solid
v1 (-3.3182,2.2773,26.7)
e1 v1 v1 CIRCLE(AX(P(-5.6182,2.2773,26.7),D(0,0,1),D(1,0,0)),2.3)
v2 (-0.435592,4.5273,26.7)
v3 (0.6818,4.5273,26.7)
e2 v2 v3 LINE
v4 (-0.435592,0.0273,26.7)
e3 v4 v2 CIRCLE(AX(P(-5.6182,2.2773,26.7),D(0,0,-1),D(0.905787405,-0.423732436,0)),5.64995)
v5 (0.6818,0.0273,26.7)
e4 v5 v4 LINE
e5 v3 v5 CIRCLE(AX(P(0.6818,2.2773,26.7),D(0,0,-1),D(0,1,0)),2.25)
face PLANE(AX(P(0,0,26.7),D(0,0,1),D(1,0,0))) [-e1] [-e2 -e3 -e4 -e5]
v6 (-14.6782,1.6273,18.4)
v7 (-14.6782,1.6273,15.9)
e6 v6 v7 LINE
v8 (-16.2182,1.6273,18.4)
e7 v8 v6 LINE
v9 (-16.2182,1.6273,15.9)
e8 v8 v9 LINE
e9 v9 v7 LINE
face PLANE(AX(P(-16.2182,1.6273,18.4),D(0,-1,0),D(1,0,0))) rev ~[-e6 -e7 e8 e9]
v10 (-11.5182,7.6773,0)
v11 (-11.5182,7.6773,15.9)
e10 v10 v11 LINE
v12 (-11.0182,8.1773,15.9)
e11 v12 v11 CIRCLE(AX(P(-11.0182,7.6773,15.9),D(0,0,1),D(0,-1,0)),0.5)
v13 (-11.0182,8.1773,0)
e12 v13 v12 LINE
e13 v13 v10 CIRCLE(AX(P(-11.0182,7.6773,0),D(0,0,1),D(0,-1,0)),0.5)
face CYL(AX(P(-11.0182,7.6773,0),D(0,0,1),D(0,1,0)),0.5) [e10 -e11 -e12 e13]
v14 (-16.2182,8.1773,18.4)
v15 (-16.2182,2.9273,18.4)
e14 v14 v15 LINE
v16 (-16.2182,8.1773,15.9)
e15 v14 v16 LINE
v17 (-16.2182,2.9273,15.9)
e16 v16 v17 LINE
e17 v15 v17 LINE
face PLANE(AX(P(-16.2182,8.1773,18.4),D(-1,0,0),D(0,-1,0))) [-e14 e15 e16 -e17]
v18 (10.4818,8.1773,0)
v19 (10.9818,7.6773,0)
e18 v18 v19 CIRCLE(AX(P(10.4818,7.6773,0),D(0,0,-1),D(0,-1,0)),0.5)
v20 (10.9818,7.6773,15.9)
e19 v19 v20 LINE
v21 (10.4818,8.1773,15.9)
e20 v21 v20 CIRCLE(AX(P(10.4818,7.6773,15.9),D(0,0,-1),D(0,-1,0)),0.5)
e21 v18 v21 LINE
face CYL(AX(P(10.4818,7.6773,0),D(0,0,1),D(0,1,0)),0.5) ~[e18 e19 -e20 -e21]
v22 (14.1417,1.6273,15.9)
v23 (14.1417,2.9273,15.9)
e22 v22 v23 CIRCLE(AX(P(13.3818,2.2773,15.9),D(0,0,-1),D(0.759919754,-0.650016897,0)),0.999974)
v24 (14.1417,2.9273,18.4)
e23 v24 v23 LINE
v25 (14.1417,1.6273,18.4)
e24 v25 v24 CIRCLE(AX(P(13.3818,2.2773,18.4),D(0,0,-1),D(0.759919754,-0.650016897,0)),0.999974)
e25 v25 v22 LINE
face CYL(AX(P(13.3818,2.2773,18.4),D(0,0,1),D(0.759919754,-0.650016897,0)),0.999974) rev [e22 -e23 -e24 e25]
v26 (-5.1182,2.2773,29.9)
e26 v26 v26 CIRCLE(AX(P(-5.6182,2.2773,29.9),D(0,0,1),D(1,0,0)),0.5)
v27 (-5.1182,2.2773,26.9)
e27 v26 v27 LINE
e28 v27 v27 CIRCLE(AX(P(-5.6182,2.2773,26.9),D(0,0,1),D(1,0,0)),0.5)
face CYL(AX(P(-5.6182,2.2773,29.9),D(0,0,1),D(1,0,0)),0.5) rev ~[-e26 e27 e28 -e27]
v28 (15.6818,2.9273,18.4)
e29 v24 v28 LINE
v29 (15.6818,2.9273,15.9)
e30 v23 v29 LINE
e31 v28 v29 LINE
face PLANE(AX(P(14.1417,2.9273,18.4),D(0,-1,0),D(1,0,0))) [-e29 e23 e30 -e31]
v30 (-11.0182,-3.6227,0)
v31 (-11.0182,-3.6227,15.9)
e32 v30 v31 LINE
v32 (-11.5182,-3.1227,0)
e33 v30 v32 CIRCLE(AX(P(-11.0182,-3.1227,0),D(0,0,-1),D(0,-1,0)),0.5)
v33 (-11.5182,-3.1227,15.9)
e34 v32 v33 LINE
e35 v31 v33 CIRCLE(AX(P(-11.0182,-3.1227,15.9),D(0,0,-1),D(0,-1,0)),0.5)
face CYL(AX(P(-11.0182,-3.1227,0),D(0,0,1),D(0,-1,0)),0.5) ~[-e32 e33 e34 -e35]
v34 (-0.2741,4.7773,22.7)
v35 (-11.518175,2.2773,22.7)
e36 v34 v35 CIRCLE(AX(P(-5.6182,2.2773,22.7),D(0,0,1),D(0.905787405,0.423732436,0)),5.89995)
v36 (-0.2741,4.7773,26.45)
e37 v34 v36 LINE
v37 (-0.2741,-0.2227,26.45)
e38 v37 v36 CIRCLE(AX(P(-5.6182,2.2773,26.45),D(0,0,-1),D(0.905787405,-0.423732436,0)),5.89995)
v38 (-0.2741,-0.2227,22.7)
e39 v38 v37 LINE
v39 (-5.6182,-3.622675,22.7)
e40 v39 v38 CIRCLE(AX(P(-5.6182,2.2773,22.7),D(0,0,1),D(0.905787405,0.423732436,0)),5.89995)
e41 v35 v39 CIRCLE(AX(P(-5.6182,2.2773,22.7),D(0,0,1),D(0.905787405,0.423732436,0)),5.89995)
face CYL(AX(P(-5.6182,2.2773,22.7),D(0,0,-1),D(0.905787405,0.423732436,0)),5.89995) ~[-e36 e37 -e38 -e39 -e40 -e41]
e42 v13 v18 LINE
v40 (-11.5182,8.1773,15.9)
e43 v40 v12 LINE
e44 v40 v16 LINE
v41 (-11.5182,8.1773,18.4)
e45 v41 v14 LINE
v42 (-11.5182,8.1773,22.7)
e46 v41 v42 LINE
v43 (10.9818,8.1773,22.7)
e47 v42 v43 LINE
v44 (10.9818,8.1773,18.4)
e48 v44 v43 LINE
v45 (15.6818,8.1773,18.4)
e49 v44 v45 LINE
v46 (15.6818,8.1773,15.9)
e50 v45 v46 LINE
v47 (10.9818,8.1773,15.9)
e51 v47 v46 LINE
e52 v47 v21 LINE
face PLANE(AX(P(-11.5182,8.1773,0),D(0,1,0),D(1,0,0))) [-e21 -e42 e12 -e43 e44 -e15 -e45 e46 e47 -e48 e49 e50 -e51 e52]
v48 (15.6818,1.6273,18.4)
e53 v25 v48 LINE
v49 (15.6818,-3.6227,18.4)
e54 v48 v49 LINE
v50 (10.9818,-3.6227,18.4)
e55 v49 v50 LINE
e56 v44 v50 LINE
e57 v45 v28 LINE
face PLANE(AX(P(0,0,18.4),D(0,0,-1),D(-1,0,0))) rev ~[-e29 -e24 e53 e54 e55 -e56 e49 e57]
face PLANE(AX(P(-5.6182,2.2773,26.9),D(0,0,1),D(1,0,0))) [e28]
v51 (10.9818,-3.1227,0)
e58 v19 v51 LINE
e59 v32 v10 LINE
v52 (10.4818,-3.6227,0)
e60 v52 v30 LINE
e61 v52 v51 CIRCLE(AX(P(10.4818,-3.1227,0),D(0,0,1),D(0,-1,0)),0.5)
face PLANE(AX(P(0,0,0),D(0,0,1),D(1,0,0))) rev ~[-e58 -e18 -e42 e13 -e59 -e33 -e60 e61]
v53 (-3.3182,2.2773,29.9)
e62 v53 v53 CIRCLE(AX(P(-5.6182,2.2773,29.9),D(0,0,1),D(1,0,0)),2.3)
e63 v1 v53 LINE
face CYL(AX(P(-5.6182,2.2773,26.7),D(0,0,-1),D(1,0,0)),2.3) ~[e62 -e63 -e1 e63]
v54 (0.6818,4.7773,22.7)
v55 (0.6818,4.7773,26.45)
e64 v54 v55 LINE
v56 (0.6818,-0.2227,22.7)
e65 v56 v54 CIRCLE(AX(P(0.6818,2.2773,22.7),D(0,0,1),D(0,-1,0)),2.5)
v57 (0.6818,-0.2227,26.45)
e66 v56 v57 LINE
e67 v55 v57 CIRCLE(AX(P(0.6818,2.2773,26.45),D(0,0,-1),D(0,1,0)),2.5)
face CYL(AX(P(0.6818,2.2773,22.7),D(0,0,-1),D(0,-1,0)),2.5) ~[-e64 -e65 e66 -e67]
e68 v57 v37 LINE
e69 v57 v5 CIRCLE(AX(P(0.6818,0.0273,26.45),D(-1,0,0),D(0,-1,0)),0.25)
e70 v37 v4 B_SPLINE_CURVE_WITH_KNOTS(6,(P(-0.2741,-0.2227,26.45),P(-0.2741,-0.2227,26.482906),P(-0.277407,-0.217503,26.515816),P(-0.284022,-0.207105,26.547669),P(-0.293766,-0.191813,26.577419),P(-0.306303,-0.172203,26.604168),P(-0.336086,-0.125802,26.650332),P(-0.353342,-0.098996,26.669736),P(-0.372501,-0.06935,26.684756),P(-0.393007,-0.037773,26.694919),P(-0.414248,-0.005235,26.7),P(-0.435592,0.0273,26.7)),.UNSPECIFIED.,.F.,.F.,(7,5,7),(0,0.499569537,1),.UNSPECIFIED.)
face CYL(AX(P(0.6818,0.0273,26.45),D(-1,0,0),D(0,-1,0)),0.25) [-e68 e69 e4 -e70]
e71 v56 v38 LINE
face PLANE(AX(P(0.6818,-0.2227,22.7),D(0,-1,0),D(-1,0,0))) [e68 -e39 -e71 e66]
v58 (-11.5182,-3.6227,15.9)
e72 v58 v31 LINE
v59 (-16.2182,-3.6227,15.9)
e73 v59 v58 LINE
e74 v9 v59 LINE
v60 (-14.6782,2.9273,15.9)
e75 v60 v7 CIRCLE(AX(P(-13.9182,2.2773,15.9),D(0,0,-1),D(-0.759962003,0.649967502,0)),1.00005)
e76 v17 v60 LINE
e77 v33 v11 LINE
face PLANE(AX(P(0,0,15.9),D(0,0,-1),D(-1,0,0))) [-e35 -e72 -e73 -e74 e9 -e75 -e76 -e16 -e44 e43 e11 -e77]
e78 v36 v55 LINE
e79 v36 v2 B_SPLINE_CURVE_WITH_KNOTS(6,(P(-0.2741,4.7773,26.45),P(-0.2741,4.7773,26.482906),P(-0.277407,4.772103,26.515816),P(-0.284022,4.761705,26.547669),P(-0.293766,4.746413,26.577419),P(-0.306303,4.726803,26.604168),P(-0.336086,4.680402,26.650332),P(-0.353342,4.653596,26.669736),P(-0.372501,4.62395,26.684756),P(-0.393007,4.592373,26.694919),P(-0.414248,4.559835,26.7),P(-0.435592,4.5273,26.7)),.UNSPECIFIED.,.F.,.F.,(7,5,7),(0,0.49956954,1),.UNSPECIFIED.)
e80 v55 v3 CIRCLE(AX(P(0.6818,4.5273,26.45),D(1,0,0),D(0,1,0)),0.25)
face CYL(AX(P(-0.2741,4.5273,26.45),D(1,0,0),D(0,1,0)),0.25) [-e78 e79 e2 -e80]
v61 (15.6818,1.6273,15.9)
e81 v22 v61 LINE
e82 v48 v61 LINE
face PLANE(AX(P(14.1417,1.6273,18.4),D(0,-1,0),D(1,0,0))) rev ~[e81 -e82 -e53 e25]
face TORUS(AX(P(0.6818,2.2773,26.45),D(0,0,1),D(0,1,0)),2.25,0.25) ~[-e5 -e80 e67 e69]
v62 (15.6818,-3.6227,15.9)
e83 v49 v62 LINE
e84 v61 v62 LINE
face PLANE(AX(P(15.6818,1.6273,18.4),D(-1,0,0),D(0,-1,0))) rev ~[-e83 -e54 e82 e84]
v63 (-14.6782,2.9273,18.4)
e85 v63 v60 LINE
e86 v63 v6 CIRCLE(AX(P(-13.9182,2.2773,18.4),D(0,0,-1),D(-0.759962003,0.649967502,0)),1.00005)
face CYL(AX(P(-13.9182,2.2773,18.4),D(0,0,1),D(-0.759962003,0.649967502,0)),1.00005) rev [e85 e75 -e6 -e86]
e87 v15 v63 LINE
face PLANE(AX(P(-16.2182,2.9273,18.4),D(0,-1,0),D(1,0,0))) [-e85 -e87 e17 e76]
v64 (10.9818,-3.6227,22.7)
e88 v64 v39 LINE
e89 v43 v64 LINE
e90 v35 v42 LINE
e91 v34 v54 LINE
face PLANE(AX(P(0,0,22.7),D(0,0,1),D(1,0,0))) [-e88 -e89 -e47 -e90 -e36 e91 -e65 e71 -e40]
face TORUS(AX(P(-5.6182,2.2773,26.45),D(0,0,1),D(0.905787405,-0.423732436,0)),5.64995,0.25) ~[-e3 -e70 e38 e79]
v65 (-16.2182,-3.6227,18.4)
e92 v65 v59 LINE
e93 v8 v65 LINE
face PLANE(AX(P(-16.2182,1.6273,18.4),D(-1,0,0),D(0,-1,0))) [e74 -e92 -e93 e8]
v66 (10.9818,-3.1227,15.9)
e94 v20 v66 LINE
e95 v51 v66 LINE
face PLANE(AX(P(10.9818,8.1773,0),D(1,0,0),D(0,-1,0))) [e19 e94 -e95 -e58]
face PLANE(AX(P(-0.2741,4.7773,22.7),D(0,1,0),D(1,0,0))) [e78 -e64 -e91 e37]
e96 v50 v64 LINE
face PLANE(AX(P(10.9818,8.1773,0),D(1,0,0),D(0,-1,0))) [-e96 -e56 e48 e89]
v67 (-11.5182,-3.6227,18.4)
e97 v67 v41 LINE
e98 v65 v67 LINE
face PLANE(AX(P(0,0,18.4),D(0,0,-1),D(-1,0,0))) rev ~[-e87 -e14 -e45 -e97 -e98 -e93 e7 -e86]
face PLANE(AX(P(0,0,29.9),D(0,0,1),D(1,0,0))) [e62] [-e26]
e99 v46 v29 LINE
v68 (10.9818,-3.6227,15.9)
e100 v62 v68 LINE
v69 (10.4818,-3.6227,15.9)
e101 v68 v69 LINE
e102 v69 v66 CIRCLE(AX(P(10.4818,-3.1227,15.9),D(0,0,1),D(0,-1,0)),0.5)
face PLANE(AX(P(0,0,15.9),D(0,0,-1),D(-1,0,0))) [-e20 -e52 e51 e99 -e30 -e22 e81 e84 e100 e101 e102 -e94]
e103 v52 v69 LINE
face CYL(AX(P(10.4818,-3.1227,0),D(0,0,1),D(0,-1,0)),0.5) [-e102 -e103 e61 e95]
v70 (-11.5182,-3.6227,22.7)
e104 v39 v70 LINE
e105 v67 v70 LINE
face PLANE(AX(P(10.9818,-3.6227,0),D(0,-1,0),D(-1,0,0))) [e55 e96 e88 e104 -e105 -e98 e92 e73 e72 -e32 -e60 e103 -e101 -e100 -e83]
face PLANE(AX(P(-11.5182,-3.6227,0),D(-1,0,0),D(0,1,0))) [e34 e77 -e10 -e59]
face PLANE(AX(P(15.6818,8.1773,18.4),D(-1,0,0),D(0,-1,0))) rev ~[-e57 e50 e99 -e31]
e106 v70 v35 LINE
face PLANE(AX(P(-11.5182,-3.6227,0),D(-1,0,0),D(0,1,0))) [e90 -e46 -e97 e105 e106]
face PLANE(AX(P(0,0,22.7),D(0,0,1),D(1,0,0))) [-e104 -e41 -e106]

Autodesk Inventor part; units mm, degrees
ref_plane "YZ Plane" through (0, 0, 0) normal (1, 0, 0) x (0, 1, 0)
ref_plane "XZ Plane" through (0, 0, 0) normal (0, 1, 0) x (-1, 0, 0)
sketch "Sketch1" plane through (0, 0, 0) normal (0, 0, 1) x (1, 0, 0)
  line L0 (-11.5182, 8.1773) -> (10.9818, 8.1773)
  line L1 (10.9818, 8.1773) -> (10.9818, -3.6227)
  line L2 (10.9818, -3.6227) -> (-11.5182, -3.6227)
  line L3 (-11.5182, -3.6227) -> (-11.5182, 8.1773)
  point P0 (0, 0)
  dimension "d0" = 22.5
  dimension "d1" = 11.8
extrude "Extrusion1" add sketch "Sketch1" along normal blind 22.7
sketch "Sketch2" plane through (0, 0, 22.7) normal (0, 0, 1) x (1, 0, 0)
  arc A0 (-0.2741, 4.7773) -> (-0.2741, -0.2227) centre (-5.6182, 2.2773) ccw
  line L0 (-11.5182, 8.1773) -> (-11.5182, -3.6227) projected
  line L1 (-11.5182, -3.6227) -> (10.9818, -3.6227) projected
  line L2 (-0.2741, 4.7773) -> (0.6818, 4.7773)
  line L3 (0.6818, -0.2227) -> (-0.2741, -0.2227)
  arc A1 (0.6818, -0.2227) -> (0.6818, 4.7773) centre (0.6818, 2.2773) ccw
  line L4 (3.1818, 2.2773) -> (3.1818, 4.4746) construction
  point P0 (0, 0)
  dimension "d4" = 11.8
  dimension "d5" = 5.9
  dimension "d6" = 5
  dimension "d7" = 8.8
  dimension "d8" = 2.5
extrude "Extrusion2" add sketch "Sketch2" along normal blind 4 contours L2 A1 L3 A0
sketch "Sketch3" plane through (0, 0, 26.7) normal (0, 0, 1) x (1, 0, 0)
  line L0 (0.6818, 4.7773) -> (-0.2741, 4.7773) projected
  arc A0 (-0.2741, 4.7773) -> (-0.2741, -0.2227) centre (-5.6182, 2.2773) ccw projected
  line L1 (-0.2741, -0.2227) -> (0.6818, -0.2227) projected
  arc A1 (0.6818, -0.2227) -> (0.6818, 4.7773) centre (0.6818, 2.2773) ccw projected
  circle A2 centre (-5.6182, 2.2773) radius 2.3
  point P0 (0, 0)
  dimension "d11" = 4.6
extrude "Extrusion3" add sketch "Sketch3" along normal blind 3.2 contours A2
ref_plane "Work Plane1" through (0, 0, 18.4) normal (0, 0, -1) x (-1, 0, 0)
sketch "Sketch4" plane through (0, 0, 18.4) normal (0, 0, -1) x (-1, 0, 0)
  line L0 (11.5182, 8.1773) -> (-10.9818, 8.1773) projected
  line L1 (-10.9818, 8.1773) -> (-10.9818, -3.6227) projected
  line L2 (-10.9818, -3.6227) -> (11.5182, -3.6227) projected
  line L3 (11.5182, -3.6227) -> (11.5182, 8.1773) projected
  line L4 (11.5182, 8.1773) -> (16.2182, 8.1773)
  line L5 (16.2182, 8.1773) -> (16.2182, -3.6227)
  line L6 (16.2182, -3.6227) -> (11.5182, -3.6227)
  line L7 (11.5182, -3.6227) -> (11.5182, 8.1773)
  line L8 (-10.9818, 8.1773) -> (-15.6818, 8.1773)
  line L9 (-15.6818, 8.1773) -> (-15.6818, -3.6227)
  line L10 (-15.6818, -3.6227) -> (-10.9818, -3.6227)
  line L11 (-10.9818, -3.6227) -> (-10.9818, 8.1773)
  arc A0 (14.6782, 2.9273) -> (14.6782, 1.6273) centre (13.9182, 2.2773) ccw
  arc A1 (-14.1417, 1.6273) -> (-14.1417, 2.9273) centre (-13.3818, 2.2773) ccw
  line L12 (-14.1417, 2.9273) -> (-15.6818, 2.9273)
  line L13 (-14.1417, 1.6273) -> (-15.6818, 1.6273)
  line L14 (16.2182, 2.9273) -> (14.6782, 2.9273)
  line L15 (16.2182, 1.6273) -> (14.6782, 1.6273)
  point P0 (0, 0)
  dimension "d15" = 4.7
  dimension "d16" = 4.7
  dimension "d17" = 5.9
  dimension "d18" = 5.9
  dimension "d19" = 2
  dimension "d20" = 2
  dimension "d23" = 2.3
  dimension "d24" = 2.3
  dimension "d25" = 1.3
  dimension "d26" = 1.3
  dimension "d27" = 0.65
  dimension "d28" = 0.65
extrude "Extrusion4" add sketch "Sketch4" along normal blind 2.5 contours L4 L5 L14 A0 L15 L6 L3 | L1 L10 L9 L13 A1 L12 L8
sketch "Sketch5" plane through (-11.5182, -3.6227, 0) normal (-1, 0, 0) x (0, 0, 1)
  line L0 (5.7, 7.7) -> (4.5, 7.7)
  line L1 (4.5, 7.7) -> (4.5, 4.1)
  line L2 (4.5, 4.1) -> (5.7, 4.1)
  line L3 (5.7, 4.1) -> (5.7, 7.7)
  line L4 (0, 0) -> (0, 11.8) projected
  line L5 (0, 5.9) -> (2.0483, 5.9) construction
  point P0 (0, 3.6227)
  dimension "d31" = 1.2
  dimension "d32" = 3.6
  dimension "d33" = 4.5
fillet "Fillet1" radius 0.25 4 edges at (-11.5182, 2.2773, 26.7) (0.2038, 4.7773, 26.7) (0.2038, -0.2227, 26.7) (3.1818, 2.2773, 26.7)
sketch "Sketch6" plane through (-11.5182, -3.6227, 0) normal (-1, 0, 0) x (0, 0, 1)
  arc A0 (5.2906, 6.4417) -> (4.8906, 6.4417) centre (5.0906, 6.9) ccw
  line L0 (4.8816, 4.4457) -> (5.2851, 7.2539) construction
  line L1 (5.2906, 6.4417) -> (5.2906, 6.3583)
  line L2 (5.2906, 5.4417) -> (5.2906, 5.3583)
  arc A1 (4.8906, 5.3583) -> (5.2906, 5.3583) centre (5.0906, 4.9) ccw
  arc A2 (5.2906, 5.4417) -> (5.2906, 6.3583) centre (5.0906, 5.9) ccw
  arc A3 (4.8906, 6.3583) -> (4.8906, 5.4417) centre (5.0906, 5.9) ccw
  line L3 (5.2906, 3.9094) -> (5.0683, 6.1222) construction
  line L4 (4.8787, 7.3529) -> (4.8906, 7.2532) construction
  line L5 (4.8906, 5.3583) -> (4.8906, 5.4417)
  line L6 (4.8906, 6.3583) -> (4.8906, 6.4417)
  line L7 (0, 0) -> (0, 11.8) projected
  point P0 (0, 3.6227)
  point P1 (0, 5.9)
  dimension "d39" = 1
  dimension "d40" = 2
  dimension "d42" = 0.4
  dimension "d43" = 0.4
  dimension "d44" = 5.0906
  dimension "d45" = 0.5
  dimension "d46" = 0.5
  dimension "d47" = 0.5
  dimension "d48" = 1
  dimension "d49" = 1
  dimension "d50" = 0.2
  dimension "d51" = 0.2
  dimension "d52" = 0.2
  dimension "d53" = 0.5
  dimension "d54" = 0.2
sketch "Sketch7" plane through (-5.6182, 2.2773, 29.9) normal (0, 0, 1) x (1, 0, 0)
  circle A0 centre (0, 0) radius 0.5
  point P0 (5.6182, -2.2773)
  dimension "d55" = 1
extrude "Extrusion6" cut sketch "Sketch7" against normal blind 3
fillet "Fillet2" radius 0.5 4 edges at (10.9818, 8.1773, 7.95) (-11.5182, 8.1773, 7.95) (-11.5182, -3.6227, 7.95) (10.9818, -3.6227, 7.95)
properties part number "servo motor"
